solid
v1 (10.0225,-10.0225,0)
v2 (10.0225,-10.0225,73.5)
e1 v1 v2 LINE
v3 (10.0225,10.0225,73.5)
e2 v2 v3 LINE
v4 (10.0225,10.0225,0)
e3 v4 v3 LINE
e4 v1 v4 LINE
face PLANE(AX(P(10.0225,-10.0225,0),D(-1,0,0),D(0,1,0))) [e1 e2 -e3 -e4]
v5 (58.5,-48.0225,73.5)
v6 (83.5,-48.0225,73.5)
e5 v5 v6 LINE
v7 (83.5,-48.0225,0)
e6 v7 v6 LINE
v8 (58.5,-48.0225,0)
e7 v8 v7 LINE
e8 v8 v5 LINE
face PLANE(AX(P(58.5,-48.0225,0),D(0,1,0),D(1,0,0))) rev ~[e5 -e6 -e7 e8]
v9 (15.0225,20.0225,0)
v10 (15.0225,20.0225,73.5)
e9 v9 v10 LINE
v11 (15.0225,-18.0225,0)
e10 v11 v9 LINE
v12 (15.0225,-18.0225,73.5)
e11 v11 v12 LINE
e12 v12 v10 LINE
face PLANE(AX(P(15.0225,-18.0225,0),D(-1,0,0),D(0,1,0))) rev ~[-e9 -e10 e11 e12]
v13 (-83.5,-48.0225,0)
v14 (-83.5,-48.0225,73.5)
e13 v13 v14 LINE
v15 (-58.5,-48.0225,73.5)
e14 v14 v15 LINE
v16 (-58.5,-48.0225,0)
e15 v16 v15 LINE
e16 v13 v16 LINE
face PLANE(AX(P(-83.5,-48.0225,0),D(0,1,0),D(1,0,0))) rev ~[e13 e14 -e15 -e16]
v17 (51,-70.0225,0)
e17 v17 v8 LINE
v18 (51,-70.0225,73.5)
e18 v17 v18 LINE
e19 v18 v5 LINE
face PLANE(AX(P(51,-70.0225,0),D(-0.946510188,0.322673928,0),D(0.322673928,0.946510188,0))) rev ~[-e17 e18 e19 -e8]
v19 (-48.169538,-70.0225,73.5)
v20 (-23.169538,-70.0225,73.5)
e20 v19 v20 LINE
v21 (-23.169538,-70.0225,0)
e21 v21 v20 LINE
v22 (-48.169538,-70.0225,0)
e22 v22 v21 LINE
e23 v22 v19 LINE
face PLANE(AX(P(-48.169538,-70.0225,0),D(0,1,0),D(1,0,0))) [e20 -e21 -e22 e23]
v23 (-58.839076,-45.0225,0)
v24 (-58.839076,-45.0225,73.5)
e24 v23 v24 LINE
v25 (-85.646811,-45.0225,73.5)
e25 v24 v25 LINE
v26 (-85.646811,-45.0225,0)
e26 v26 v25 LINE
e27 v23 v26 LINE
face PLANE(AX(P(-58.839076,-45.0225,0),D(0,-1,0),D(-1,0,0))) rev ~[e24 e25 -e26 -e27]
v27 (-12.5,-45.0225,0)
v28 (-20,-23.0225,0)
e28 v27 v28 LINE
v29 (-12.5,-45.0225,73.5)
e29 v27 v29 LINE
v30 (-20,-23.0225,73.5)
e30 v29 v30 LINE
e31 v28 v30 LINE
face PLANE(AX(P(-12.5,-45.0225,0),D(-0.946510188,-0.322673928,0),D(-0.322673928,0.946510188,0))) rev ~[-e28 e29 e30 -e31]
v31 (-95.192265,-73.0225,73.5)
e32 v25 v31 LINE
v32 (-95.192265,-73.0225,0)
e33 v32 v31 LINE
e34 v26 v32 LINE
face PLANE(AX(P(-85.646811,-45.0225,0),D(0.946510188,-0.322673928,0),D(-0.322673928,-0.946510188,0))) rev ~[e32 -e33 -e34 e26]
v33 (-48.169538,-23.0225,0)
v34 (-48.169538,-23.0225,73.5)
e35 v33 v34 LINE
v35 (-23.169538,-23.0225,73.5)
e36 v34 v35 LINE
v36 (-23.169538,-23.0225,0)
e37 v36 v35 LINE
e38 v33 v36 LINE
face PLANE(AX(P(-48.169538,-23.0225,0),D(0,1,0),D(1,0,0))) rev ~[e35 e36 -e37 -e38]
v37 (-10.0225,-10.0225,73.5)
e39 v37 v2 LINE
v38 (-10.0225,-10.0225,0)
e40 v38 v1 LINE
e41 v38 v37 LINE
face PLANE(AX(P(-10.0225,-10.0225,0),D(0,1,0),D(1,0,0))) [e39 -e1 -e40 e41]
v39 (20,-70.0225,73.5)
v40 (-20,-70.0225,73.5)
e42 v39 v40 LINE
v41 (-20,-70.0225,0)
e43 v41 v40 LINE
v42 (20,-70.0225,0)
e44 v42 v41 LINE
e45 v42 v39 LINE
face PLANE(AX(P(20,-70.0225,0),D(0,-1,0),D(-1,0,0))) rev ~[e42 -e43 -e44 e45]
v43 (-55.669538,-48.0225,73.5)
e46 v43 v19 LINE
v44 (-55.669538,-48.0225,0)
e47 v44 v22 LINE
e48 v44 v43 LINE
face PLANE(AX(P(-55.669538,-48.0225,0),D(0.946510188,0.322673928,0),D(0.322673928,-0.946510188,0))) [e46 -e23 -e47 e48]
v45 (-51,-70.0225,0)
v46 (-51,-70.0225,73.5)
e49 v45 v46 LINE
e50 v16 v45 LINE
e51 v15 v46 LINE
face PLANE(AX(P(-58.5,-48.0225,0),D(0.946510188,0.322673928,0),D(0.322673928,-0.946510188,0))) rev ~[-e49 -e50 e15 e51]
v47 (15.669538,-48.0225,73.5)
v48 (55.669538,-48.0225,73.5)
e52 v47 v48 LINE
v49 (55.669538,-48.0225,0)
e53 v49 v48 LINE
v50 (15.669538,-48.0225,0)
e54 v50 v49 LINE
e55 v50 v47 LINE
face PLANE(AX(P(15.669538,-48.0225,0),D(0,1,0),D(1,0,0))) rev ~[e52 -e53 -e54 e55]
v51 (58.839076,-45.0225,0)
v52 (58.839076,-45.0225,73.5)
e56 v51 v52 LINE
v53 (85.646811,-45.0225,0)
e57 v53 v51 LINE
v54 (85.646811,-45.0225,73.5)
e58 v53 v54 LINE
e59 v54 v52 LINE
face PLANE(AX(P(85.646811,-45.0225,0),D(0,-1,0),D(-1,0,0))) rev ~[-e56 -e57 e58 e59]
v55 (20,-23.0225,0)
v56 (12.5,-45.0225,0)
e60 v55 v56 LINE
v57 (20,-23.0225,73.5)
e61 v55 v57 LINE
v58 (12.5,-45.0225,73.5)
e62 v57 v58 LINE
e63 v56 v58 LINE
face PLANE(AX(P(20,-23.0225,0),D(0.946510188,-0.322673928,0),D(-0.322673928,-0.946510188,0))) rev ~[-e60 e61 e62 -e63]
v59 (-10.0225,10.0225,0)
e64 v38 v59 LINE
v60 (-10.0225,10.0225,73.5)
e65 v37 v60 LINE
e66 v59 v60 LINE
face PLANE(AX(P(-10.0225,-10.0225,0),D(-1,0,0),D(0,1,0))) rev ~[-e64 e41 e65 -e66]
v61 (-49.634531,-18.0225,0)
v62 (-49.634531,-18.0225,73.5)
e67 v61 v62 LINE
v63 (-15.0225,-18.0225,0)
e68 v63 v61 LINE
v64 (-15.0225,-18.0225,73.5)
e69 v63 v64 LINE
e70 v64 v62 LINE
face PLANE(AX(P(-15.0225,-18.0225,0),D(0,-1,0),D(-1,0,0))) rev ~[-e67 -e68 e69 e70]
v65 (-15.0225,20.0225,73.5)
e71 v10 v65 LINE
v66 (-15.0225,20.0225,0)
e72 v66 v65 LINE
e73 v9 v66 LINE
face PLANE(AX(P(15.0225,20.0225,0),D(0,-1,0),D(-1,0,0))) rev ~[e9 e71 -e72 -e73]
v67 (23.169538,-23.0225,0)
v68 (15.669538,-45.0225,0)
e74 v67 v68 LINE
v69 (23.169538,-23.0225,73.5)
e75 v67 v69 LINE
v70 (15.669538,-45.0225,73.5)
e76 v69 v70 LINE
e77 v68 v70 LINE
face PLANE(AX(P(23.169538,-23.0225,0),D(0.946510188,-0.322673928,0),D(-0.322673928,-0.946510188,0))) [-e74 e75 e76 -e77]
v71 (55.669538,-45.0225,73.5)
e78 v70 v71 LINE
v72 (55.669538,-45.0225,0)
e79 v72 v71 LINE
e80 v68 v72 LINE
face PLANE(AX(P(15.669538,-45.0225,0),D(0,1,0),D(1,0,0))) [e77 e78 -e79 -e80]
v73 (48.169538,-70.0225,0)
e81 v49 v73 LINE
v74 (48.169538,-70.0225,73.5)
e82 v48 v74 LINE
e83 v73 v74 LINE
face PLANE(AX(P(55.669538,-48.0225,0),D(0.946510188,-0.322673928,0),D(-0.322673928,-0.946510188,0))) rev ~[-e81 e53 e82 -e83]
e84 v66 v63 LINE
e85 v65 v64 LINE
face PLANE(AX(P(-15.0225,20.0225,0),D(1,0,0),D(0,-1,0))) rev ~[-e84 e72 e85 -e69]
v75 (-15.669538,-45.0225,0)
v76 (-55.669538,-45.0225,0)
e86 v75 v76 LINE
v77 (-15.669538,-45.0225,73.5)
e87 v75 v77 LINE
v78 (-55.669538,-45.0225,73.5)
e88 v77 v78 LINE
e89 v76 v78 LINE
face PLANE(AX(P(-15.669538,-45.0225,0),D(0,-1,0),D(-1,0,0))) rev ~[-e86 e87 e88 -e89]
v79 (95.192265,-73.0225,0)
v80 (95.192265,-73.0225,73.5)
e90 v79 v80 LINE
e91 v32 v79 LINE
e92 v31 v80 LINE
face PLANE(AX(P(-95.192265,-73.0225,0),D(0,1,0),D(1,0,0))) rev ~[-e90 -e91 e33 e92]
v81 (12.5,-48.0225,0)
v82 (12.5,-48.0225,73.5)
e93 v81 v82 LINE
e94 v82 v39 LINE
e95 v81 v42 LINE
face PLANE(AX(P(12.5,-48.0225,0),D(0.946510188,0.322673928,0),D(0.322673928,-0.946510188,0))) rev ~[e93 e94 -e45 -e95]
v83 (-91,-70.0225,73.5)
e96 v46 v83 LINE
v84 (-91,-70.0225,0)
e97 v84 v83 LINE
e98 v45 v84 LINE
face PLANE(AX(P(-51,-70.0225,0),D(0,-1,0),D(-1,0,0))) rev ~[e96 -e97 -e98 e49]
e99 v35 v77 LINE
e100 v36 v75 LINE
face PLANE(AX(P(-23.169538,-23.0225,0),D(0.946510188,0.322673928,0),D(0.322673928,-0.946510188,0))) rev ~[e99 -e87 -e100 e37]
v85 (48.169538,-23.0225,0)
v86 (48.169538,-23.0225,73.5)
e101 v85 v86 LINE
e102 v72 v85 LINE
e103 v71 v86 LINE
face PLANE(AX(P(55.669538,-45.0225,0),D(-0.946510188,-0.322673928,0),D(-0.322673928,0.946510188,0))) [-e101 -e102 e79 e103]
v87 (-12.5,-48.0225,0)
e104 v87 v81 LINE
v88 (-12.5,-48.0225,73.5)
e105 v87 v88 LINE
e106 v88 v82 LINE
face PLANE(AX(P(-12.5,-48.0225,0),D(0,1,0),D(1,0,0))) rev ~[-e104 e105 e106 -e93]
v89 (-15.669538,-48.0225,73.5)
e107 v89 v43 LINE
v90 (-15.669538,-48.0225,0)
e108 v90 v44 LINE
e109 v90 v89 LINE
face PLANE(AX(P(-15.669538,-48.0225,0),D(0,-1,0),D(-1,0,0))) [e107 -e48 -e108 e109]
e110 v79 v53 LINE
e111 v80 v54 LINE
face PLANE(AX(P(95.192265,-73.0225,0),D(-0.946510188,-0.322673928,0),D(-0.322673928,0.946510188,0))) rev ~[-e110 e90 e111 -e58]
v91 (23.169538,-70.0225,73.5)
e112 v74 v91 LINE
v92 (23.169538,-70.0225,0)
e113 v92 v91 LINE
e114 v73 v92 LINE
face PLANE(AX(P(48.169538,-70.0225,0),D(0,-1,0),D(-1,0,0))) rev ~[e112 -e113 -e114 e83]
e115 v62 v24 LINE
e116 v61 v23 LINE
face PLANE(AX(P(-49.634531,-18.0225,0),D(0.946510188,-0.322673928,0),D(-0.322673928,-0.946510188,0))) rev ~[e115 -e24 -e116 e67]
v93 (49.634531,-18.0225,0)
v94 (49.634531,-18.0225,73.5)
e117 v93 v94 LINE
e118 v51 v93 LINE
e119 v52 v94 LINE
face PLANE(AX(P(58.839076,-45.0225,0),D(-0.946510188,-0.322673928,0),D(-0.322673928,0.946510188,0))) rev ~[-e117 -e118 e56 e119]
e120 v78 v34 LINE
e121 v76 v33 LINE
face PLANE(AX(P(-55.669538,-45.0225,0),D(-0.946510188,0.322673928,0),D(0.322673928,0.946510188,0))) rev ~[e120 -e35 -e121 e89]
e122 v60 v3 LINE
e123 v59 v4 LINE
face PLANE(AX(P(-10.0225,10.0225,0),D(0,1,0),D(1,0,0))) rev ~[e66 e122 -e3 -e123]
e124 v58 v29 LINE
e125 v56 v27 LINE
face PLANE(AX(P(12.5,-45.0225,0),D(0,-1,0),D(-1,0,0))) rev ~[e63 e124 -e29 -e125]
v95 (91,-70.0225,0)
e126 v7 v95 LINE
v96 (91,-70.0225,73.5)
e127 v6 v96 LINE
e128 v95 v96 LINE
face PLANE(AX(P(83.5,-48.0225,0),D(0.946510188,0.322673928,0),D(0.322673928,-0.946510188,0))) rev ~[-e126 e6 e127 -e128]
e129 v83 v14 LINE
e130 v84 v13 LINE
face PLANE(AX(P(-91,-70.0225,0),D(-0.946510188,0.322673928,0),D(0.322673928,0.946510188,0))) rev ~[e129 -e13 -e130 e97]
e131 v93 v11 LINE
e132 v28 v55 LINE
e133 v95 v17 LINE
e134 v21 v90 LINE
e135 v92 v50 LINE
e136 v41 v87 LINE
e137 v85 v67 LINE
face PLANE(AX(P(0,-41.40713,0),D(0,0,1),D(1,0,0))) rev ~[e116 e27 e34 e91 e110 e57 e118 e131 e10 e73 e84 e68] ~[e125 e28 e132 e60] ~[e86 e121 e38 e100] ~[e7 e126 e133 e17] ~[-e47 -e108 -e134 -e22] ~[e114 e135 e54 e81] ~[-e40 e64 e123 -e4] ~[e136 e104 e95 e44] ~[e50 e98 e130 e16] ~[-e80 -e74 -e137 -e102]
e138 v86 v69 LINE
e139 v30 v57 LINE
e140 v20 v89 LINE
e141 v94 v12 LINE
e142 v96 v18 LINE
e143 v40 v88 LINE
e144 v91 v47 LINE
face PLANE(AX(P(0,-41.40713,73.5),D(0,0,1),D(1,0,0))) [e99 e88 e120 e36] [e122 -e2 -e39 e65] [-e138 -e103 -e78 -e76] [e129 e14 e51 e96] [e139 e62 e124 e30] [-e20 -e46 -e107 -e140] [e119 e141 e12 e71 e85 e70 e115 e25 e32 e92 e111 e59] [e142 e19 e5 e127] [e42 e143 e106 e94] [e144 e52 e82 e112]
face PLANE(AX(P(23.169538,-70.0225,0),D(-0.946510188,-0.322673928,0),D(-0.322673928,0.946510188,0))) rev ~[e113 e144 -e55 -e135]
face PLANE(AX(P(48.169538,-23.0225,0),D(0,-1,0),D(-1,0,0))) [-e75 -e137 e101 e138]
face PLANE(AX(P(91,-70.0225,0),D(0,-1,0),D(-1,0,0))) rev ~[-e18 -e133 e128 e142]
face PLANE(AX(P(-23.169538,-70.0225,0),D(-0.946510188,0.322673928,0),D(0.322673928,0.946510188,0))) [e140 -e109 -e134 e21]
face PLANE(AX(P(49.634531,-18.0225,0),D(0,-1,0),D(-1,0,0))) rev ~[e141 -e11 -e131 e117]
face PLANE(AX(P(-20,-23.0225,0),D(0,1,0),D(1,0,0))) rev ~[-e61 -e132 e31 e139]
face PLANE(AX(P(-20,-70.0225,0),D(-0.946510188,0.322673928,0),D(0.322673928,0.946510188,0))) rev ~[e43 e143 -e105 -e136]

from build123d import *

# Parameters (mm, degrees)
SKETCH1_W           = 20.045
SKETCH1_H           = 20.045
BOSS_EXTRUDE1_DEPTH = 73.5


with BuildPart() as part:
    # Sketch1 → Boss-Extrude1 (new body)
    with BuildSketch(Plane.XY):
        Polygon((-95.192265263, -73.0225), (95.192265263, -73.0225), (85.646810718, -45.0225), (58.839075981, -45.0225), (49.634530527, -18.0225), (15.0225, -18.0225), (15.0225, 20.0225), (-15.0225, 20.0225), (-15.0225, -18.0225), (-49.634530527, -18.0225), (-58.839075981, -45.0225), (-85.646810718, -45.0225), align=None)
        Rectangle(SKETCH1_W, SKETCH1_H, mode=Mode.SUBTRACT)
        Polygon((-20, -23.0225), (20, -23.0225), (12.5, -45.0225), (-12.5, -45.0225), align=None, mode=Mode.SUBTRACT)
        Polygon((23.169537991, -23.0225), (15.669537991, -45.0225), (55.669537991, -45.0225), (48.169537991, -23.0225), align=None, mode=Mode.SUBTRACT)
        Polygon((-55.669537991, -45.0225), (-48.169537991, -23.0225), (-23.169537991, -23.0225), (-15.669537991, -45.0225), align=None, mode=Mode.SUBTRACT)
        Polygon((55.669537991, -48.0225), (48.169537991, -70.0225), (23.169537991, -70.0225), (15.669537991, -48.0225), align=None, mode=Mode.SUBTRACT)
        Polygon((-20, -70.0225), (-12.5, -48.0225), (12.5, -48.0225), (20, -70.0225), align=None, mode=Mode.SUBTRACT)
        Polygon((-15.669537991, -48.0225), (-55.669537991, -48.0225), (-48.169537991, -70.0225), (-23.169537991, -70.0225), align=None, mode=Mode.SUBTRACT)
        Polygon((51, -70.0225), (58.5, -48.0225), (83.5, -48.0225), (91, -70.0225), align=None, mode=Mode.SUBTRACT)
        Polygon((-91, -70.0225), (-83.5, -48.0225), (-58.5, -48.0225), (-51, -70.0225), align=None, mode=Mode.SUBTRACT)
    extrude(amount=BOSS_EXTRUDE1_DEPTH)


solid = part.part
